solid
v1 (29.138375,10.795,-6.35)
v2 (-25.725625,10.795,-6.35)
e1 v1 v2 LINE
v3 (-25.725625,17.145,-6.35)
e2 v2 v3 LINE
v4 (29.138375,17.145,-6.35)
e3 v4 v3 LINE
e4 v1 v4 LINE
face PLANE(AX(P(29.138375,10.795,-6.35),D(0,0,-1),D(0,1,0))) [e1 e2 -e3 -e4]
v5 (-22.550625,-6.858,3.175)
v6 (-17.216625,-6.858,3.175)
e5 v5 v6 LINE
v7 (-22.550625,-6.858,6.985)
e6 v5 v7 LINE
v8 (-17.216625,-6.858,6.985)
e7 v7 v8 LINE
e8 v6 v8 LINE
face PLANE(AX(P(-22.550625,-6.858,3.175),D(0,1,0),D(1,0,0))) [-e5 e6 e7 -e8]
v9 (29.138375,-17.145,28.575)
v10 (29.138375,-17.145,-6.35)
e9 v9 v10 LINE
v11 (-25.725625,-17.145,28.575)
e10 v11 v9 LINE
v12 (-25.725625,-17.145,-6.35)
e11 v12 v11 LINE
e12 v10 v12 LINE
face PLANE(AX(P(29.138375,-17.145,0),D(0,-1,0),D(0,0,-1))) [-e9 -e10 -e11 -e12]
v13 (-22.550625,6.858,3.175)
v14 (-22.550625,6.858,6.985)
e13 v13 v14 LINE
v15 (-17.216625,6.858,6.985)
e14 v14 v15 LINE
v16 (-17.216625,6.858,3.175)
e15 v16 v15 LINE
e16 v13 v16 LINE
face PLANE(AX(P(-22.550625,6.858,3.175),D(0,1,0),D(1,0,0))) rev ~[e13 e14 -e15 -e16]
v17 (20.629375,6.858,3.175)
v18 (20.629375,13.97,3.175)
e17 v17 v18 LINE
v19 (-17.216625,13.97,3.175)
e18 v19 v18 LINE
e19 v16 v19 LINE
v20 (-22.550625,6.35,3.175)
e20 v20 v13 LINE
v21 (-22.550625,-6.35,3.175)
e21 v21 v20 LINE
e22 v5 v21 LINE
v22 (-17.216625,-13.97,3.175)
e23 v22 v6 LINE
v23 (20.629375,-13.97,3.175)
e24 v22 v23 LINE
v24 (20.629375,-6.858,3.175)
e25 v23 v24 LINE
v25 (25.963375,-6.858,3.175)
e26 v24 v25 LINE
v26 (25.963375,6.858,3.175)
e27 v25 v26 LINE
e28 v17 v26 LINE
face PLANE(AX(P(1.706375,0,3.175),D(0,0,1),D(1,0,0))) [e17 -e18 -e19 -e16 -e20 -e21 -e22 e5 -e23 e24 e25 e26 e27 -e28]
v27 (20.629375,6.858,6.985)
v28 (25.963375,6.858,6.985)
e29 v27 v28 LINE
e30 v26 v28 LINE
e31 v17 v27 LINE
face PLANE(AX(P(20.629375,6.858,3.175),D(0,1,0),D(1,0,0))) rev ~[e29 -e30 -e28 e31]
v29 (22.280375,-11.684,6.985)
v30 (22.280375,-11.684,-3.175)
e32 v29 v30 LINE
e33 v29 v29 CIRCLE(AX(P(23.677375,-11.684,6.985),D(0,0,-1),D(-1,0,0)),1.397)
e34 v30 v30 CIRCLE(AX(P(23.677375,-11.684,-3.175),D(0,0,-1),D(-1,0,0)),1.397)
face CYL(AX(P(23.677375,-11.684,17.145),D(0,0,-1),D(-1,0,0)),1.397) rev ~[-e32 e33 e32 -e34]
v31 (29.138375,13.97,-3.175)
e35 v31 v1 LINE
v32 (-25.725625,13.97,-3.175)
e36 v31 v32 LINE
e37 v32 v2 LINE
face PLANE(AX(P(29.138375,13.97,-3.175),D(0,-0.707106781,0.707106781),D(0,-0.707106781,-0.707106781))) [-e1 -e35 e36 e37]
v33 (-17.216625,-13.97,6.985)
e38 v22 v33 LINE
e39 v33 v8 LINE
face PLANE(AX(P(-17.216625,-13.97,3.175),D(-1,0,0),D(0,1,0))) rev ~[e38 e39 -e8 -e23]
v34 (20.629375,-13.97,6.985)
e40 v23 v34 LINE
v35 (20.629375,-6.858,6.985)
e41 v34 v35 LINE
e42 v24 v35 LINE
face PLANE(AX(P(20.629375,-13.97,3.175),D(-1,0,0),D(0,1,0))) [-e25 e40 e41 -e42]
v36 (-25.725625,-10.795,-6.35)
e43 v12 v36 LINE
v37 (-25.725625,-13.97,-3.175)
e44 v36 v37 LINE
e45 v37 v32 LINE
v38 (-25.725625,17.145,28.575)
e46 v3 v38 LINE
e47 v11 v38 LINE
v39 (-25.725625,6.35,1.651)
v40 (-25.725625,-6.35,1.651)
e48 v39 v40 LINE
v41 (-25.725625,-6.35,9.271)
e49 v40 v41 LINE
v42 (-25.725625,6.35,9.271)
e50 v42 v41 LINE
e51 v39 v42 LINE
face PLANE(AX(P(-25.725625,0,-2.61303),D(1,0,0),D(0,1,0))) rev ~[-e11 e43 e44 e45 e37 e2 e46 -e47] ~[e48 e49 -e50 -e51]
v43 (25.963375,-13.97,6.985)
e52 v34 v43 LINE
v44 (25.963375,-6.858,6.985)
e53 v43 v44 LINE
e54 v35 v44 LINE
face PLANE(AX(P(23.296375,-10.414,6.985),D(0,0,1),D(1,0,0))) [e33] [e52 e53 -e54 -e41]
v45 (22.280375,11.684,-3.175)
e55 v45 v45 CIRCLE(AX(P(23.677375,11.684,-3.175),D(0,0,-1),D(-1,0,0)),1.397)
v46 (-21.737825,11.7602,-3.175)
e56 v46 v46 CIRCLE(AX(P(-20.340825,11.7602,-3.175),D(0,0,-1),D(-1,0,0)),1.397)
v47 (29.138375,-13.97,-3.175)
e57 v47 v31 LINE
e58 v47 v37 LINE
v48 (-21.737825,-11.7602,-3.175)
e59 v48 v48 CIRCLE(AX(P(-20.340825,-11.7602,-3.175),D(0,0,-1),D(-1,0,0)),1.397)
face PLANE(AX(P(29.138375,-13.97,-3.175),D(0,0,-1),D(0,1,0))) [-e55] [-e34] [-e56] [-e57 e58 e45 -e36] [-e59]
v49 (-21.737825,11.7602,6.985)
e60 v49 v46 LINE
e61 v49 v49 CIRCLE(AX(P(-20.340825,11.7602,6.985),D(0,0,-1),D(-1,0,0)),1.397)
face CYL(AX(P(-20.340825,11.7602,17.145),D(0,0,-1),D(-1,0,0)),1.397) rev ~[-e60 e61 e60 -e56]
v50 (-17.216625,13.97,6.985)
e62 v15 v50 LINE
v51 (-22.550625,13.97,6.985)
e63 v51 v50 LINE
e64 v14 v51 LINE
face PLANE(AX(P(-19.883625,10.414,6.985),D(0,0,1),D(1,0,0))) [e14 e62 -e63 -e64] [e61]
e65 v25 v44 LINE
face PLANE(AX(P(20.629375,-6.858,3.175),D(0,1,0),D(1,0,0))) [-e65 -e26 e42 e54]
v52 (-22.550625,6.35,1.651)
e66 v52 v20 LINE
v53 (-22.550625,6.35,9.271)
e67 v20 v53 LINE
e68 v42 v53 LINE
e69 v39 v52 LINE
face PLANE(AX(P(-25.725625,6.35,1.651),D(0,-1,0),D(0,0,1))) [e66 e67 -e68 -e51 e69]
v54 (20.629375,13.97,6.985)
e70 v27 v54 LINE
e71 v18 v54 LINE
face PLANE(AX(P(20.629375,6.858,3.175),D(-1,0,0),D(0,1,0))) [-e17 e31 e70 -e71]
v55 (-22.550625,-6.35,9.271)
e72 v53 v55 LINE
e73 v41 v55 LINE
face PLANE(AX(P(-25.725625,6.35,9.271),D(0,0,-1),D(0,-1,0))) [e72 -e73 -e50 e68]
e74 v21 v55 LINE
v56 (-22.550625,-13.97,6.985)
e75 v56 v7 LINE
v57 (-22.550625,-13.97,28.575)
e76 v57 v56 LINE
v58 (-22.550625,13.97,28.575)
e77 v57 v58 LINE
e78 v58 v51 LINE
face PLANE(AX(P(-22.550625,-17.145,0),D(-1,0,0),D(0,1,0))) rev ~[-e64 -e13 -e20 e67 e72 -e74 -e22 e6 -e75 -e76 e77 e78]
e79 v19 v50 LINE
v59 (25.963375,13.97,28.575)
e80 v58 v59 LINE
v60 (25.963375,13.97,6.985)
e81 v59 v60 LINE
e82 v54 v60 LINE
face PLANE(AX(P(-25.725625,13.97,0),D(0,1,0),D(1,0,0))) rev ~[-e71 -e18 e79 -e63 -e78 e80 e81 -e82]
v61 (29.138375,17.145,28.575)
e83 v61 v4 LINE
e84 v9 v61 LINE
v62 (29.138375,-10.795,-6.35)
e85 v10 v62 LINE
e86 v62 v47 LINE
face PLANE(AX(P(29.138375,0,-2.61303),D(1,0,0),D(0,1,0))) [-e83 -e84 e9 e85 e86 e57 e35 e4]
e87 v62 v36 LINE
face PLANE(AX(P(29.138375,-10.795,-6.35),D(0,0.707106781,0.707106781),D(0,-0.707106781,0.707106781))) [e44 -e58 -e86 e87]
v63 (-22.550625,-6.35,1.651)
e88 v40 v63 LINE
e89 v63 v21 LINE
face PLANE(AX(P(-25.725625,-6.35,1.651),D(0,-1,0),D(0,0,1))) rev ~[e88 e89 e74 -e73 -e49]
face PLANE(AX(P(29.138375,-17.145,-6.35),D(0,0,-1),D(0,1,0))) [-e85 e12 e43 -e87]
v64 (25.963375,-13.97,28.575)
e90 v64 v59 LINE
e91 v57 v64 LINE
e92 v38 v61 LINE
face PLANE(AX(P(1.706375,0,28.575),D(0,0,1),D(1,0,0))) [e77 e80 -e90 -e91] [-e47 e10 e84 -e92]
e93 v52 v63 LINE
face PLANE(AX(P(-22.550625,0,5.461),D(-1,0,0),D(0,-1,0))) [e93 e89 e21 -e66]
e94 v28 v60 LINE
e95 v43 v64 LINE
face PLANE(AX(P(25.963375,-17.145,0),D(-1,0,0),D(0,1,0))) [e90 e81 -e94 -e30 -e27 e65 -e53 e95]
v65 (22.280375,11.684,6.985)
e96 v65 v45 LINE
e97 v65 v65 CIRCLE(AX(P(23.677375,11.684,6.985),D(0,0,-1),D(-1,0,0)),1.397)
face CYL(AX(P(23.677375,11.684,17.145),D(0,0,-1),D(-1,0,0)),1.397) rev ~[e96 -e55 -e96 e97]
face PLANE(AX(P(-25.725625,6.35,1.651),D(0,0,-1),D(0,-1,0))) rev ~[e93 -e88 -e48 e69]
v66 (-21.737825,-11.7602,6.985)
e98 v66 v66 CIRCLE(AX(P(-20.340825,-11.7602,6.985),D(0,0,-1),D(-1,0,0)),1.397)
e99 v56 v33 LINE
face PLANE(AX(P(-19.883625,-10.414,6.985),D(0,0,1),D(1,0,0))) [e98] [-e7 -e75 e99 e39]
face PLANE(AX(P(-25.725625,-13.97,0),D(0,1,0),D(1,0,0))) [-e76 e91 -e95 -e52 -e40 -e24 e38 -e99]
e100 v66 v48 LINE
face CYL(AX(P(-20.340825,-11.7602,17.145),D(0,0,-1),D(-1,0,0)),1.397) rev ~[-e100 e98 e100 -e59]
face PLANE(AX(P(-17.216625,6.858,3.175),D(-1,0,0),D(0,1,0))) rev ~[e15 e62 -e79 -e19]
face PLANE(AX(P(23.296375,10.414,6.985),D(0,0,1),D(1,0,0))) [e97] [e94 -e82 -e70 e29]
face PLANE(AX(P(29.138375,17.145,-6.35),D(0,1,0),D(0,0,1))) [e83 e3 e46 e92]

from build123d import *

# Parameters (mm, degrees)
F0_W      = 54.864
F0_H      = 34.29
F1_DEPTH  = 28.575
F2_T      = -3.175
F3_W      = 5.334
F3_H      = 7.112
F4_DEPTH  = 3.81
F6_DEPTH  = 54.864
F8_D      = 2.794
F8_DEPTH  = 10.16
F9_W      = 12.7
F9_H      = 7.62
F10_DEPTH = 3.175


with BuildPart() as f1:
    # F0 (on Top) → F1 (new body)
    with BuildSketch(Plane.XY):
        with Locations((1.706375, 0)):
            Rectangle(F0_W, F0_H)
    extrude(amount=F1_DEPTH)

    # F2
    f2_openings = [f1.faces().sort_by_distance(p)[0] for p in [
        (1.706375, 0, 28.575),
    ]]
    offset(amount=F2_T, openings=f2_openings)

    # F3 (on face) → F4 (join)
    with BuildSketch(Plane.XY.offset(3.175)):
        with Locations((-19.883625, 10.414)):
            Rectangle(F3_W, F3_H)
        with Locations((-19.883625, -10.414)):
            Rectangle(F3_W, F3_H)
        with Locations((23.296375, -10.414)):
            Rectangle(F3_W, F3_H)
        with Locations((23.296375, 10.414)):
            Rectangle(F3_W, F3_H)
    extrude(amount=F4_DEPTH)

    # F5 (on face) → F6 (join)
    with BuildSketch(Plane.YZ.offset(29.138375)):
        Polygon((17.145, -6.35), (17.145, 0), (-17.145, 0), (-17.145, -6.35), (-10.795, -6.35), (-13.97, -3.175), (-10.795, -3.175), (13.97, -3.175), (10.795, -6.35), align=None)
    extrude(amount=-F6_DEPTH)

    # F8
    with Locations(Plane.XY.offset(6.985)):
        with Locations((-20.340825, 11.7602), (23.677375, 11.684), (23.677375, -11.684), (-20.340825, -11.7602)):
            Hole(F8_D / 2, depth=F8_DEPTH)

    # F9 (on face) → F10 (cut)
    with BuildSketch(Plane(origin=(-25.725625, 0, 0), x_dir=(0, -1, 0), z_dir=(-1, 0, 0))):
        with Locations((0, 5.461)):
            Rectangle(F9_W, F9_H)
    extrude(amount=-F10_DEPTH, mode=Mode.SUBTRACT)


solid = f1.part
